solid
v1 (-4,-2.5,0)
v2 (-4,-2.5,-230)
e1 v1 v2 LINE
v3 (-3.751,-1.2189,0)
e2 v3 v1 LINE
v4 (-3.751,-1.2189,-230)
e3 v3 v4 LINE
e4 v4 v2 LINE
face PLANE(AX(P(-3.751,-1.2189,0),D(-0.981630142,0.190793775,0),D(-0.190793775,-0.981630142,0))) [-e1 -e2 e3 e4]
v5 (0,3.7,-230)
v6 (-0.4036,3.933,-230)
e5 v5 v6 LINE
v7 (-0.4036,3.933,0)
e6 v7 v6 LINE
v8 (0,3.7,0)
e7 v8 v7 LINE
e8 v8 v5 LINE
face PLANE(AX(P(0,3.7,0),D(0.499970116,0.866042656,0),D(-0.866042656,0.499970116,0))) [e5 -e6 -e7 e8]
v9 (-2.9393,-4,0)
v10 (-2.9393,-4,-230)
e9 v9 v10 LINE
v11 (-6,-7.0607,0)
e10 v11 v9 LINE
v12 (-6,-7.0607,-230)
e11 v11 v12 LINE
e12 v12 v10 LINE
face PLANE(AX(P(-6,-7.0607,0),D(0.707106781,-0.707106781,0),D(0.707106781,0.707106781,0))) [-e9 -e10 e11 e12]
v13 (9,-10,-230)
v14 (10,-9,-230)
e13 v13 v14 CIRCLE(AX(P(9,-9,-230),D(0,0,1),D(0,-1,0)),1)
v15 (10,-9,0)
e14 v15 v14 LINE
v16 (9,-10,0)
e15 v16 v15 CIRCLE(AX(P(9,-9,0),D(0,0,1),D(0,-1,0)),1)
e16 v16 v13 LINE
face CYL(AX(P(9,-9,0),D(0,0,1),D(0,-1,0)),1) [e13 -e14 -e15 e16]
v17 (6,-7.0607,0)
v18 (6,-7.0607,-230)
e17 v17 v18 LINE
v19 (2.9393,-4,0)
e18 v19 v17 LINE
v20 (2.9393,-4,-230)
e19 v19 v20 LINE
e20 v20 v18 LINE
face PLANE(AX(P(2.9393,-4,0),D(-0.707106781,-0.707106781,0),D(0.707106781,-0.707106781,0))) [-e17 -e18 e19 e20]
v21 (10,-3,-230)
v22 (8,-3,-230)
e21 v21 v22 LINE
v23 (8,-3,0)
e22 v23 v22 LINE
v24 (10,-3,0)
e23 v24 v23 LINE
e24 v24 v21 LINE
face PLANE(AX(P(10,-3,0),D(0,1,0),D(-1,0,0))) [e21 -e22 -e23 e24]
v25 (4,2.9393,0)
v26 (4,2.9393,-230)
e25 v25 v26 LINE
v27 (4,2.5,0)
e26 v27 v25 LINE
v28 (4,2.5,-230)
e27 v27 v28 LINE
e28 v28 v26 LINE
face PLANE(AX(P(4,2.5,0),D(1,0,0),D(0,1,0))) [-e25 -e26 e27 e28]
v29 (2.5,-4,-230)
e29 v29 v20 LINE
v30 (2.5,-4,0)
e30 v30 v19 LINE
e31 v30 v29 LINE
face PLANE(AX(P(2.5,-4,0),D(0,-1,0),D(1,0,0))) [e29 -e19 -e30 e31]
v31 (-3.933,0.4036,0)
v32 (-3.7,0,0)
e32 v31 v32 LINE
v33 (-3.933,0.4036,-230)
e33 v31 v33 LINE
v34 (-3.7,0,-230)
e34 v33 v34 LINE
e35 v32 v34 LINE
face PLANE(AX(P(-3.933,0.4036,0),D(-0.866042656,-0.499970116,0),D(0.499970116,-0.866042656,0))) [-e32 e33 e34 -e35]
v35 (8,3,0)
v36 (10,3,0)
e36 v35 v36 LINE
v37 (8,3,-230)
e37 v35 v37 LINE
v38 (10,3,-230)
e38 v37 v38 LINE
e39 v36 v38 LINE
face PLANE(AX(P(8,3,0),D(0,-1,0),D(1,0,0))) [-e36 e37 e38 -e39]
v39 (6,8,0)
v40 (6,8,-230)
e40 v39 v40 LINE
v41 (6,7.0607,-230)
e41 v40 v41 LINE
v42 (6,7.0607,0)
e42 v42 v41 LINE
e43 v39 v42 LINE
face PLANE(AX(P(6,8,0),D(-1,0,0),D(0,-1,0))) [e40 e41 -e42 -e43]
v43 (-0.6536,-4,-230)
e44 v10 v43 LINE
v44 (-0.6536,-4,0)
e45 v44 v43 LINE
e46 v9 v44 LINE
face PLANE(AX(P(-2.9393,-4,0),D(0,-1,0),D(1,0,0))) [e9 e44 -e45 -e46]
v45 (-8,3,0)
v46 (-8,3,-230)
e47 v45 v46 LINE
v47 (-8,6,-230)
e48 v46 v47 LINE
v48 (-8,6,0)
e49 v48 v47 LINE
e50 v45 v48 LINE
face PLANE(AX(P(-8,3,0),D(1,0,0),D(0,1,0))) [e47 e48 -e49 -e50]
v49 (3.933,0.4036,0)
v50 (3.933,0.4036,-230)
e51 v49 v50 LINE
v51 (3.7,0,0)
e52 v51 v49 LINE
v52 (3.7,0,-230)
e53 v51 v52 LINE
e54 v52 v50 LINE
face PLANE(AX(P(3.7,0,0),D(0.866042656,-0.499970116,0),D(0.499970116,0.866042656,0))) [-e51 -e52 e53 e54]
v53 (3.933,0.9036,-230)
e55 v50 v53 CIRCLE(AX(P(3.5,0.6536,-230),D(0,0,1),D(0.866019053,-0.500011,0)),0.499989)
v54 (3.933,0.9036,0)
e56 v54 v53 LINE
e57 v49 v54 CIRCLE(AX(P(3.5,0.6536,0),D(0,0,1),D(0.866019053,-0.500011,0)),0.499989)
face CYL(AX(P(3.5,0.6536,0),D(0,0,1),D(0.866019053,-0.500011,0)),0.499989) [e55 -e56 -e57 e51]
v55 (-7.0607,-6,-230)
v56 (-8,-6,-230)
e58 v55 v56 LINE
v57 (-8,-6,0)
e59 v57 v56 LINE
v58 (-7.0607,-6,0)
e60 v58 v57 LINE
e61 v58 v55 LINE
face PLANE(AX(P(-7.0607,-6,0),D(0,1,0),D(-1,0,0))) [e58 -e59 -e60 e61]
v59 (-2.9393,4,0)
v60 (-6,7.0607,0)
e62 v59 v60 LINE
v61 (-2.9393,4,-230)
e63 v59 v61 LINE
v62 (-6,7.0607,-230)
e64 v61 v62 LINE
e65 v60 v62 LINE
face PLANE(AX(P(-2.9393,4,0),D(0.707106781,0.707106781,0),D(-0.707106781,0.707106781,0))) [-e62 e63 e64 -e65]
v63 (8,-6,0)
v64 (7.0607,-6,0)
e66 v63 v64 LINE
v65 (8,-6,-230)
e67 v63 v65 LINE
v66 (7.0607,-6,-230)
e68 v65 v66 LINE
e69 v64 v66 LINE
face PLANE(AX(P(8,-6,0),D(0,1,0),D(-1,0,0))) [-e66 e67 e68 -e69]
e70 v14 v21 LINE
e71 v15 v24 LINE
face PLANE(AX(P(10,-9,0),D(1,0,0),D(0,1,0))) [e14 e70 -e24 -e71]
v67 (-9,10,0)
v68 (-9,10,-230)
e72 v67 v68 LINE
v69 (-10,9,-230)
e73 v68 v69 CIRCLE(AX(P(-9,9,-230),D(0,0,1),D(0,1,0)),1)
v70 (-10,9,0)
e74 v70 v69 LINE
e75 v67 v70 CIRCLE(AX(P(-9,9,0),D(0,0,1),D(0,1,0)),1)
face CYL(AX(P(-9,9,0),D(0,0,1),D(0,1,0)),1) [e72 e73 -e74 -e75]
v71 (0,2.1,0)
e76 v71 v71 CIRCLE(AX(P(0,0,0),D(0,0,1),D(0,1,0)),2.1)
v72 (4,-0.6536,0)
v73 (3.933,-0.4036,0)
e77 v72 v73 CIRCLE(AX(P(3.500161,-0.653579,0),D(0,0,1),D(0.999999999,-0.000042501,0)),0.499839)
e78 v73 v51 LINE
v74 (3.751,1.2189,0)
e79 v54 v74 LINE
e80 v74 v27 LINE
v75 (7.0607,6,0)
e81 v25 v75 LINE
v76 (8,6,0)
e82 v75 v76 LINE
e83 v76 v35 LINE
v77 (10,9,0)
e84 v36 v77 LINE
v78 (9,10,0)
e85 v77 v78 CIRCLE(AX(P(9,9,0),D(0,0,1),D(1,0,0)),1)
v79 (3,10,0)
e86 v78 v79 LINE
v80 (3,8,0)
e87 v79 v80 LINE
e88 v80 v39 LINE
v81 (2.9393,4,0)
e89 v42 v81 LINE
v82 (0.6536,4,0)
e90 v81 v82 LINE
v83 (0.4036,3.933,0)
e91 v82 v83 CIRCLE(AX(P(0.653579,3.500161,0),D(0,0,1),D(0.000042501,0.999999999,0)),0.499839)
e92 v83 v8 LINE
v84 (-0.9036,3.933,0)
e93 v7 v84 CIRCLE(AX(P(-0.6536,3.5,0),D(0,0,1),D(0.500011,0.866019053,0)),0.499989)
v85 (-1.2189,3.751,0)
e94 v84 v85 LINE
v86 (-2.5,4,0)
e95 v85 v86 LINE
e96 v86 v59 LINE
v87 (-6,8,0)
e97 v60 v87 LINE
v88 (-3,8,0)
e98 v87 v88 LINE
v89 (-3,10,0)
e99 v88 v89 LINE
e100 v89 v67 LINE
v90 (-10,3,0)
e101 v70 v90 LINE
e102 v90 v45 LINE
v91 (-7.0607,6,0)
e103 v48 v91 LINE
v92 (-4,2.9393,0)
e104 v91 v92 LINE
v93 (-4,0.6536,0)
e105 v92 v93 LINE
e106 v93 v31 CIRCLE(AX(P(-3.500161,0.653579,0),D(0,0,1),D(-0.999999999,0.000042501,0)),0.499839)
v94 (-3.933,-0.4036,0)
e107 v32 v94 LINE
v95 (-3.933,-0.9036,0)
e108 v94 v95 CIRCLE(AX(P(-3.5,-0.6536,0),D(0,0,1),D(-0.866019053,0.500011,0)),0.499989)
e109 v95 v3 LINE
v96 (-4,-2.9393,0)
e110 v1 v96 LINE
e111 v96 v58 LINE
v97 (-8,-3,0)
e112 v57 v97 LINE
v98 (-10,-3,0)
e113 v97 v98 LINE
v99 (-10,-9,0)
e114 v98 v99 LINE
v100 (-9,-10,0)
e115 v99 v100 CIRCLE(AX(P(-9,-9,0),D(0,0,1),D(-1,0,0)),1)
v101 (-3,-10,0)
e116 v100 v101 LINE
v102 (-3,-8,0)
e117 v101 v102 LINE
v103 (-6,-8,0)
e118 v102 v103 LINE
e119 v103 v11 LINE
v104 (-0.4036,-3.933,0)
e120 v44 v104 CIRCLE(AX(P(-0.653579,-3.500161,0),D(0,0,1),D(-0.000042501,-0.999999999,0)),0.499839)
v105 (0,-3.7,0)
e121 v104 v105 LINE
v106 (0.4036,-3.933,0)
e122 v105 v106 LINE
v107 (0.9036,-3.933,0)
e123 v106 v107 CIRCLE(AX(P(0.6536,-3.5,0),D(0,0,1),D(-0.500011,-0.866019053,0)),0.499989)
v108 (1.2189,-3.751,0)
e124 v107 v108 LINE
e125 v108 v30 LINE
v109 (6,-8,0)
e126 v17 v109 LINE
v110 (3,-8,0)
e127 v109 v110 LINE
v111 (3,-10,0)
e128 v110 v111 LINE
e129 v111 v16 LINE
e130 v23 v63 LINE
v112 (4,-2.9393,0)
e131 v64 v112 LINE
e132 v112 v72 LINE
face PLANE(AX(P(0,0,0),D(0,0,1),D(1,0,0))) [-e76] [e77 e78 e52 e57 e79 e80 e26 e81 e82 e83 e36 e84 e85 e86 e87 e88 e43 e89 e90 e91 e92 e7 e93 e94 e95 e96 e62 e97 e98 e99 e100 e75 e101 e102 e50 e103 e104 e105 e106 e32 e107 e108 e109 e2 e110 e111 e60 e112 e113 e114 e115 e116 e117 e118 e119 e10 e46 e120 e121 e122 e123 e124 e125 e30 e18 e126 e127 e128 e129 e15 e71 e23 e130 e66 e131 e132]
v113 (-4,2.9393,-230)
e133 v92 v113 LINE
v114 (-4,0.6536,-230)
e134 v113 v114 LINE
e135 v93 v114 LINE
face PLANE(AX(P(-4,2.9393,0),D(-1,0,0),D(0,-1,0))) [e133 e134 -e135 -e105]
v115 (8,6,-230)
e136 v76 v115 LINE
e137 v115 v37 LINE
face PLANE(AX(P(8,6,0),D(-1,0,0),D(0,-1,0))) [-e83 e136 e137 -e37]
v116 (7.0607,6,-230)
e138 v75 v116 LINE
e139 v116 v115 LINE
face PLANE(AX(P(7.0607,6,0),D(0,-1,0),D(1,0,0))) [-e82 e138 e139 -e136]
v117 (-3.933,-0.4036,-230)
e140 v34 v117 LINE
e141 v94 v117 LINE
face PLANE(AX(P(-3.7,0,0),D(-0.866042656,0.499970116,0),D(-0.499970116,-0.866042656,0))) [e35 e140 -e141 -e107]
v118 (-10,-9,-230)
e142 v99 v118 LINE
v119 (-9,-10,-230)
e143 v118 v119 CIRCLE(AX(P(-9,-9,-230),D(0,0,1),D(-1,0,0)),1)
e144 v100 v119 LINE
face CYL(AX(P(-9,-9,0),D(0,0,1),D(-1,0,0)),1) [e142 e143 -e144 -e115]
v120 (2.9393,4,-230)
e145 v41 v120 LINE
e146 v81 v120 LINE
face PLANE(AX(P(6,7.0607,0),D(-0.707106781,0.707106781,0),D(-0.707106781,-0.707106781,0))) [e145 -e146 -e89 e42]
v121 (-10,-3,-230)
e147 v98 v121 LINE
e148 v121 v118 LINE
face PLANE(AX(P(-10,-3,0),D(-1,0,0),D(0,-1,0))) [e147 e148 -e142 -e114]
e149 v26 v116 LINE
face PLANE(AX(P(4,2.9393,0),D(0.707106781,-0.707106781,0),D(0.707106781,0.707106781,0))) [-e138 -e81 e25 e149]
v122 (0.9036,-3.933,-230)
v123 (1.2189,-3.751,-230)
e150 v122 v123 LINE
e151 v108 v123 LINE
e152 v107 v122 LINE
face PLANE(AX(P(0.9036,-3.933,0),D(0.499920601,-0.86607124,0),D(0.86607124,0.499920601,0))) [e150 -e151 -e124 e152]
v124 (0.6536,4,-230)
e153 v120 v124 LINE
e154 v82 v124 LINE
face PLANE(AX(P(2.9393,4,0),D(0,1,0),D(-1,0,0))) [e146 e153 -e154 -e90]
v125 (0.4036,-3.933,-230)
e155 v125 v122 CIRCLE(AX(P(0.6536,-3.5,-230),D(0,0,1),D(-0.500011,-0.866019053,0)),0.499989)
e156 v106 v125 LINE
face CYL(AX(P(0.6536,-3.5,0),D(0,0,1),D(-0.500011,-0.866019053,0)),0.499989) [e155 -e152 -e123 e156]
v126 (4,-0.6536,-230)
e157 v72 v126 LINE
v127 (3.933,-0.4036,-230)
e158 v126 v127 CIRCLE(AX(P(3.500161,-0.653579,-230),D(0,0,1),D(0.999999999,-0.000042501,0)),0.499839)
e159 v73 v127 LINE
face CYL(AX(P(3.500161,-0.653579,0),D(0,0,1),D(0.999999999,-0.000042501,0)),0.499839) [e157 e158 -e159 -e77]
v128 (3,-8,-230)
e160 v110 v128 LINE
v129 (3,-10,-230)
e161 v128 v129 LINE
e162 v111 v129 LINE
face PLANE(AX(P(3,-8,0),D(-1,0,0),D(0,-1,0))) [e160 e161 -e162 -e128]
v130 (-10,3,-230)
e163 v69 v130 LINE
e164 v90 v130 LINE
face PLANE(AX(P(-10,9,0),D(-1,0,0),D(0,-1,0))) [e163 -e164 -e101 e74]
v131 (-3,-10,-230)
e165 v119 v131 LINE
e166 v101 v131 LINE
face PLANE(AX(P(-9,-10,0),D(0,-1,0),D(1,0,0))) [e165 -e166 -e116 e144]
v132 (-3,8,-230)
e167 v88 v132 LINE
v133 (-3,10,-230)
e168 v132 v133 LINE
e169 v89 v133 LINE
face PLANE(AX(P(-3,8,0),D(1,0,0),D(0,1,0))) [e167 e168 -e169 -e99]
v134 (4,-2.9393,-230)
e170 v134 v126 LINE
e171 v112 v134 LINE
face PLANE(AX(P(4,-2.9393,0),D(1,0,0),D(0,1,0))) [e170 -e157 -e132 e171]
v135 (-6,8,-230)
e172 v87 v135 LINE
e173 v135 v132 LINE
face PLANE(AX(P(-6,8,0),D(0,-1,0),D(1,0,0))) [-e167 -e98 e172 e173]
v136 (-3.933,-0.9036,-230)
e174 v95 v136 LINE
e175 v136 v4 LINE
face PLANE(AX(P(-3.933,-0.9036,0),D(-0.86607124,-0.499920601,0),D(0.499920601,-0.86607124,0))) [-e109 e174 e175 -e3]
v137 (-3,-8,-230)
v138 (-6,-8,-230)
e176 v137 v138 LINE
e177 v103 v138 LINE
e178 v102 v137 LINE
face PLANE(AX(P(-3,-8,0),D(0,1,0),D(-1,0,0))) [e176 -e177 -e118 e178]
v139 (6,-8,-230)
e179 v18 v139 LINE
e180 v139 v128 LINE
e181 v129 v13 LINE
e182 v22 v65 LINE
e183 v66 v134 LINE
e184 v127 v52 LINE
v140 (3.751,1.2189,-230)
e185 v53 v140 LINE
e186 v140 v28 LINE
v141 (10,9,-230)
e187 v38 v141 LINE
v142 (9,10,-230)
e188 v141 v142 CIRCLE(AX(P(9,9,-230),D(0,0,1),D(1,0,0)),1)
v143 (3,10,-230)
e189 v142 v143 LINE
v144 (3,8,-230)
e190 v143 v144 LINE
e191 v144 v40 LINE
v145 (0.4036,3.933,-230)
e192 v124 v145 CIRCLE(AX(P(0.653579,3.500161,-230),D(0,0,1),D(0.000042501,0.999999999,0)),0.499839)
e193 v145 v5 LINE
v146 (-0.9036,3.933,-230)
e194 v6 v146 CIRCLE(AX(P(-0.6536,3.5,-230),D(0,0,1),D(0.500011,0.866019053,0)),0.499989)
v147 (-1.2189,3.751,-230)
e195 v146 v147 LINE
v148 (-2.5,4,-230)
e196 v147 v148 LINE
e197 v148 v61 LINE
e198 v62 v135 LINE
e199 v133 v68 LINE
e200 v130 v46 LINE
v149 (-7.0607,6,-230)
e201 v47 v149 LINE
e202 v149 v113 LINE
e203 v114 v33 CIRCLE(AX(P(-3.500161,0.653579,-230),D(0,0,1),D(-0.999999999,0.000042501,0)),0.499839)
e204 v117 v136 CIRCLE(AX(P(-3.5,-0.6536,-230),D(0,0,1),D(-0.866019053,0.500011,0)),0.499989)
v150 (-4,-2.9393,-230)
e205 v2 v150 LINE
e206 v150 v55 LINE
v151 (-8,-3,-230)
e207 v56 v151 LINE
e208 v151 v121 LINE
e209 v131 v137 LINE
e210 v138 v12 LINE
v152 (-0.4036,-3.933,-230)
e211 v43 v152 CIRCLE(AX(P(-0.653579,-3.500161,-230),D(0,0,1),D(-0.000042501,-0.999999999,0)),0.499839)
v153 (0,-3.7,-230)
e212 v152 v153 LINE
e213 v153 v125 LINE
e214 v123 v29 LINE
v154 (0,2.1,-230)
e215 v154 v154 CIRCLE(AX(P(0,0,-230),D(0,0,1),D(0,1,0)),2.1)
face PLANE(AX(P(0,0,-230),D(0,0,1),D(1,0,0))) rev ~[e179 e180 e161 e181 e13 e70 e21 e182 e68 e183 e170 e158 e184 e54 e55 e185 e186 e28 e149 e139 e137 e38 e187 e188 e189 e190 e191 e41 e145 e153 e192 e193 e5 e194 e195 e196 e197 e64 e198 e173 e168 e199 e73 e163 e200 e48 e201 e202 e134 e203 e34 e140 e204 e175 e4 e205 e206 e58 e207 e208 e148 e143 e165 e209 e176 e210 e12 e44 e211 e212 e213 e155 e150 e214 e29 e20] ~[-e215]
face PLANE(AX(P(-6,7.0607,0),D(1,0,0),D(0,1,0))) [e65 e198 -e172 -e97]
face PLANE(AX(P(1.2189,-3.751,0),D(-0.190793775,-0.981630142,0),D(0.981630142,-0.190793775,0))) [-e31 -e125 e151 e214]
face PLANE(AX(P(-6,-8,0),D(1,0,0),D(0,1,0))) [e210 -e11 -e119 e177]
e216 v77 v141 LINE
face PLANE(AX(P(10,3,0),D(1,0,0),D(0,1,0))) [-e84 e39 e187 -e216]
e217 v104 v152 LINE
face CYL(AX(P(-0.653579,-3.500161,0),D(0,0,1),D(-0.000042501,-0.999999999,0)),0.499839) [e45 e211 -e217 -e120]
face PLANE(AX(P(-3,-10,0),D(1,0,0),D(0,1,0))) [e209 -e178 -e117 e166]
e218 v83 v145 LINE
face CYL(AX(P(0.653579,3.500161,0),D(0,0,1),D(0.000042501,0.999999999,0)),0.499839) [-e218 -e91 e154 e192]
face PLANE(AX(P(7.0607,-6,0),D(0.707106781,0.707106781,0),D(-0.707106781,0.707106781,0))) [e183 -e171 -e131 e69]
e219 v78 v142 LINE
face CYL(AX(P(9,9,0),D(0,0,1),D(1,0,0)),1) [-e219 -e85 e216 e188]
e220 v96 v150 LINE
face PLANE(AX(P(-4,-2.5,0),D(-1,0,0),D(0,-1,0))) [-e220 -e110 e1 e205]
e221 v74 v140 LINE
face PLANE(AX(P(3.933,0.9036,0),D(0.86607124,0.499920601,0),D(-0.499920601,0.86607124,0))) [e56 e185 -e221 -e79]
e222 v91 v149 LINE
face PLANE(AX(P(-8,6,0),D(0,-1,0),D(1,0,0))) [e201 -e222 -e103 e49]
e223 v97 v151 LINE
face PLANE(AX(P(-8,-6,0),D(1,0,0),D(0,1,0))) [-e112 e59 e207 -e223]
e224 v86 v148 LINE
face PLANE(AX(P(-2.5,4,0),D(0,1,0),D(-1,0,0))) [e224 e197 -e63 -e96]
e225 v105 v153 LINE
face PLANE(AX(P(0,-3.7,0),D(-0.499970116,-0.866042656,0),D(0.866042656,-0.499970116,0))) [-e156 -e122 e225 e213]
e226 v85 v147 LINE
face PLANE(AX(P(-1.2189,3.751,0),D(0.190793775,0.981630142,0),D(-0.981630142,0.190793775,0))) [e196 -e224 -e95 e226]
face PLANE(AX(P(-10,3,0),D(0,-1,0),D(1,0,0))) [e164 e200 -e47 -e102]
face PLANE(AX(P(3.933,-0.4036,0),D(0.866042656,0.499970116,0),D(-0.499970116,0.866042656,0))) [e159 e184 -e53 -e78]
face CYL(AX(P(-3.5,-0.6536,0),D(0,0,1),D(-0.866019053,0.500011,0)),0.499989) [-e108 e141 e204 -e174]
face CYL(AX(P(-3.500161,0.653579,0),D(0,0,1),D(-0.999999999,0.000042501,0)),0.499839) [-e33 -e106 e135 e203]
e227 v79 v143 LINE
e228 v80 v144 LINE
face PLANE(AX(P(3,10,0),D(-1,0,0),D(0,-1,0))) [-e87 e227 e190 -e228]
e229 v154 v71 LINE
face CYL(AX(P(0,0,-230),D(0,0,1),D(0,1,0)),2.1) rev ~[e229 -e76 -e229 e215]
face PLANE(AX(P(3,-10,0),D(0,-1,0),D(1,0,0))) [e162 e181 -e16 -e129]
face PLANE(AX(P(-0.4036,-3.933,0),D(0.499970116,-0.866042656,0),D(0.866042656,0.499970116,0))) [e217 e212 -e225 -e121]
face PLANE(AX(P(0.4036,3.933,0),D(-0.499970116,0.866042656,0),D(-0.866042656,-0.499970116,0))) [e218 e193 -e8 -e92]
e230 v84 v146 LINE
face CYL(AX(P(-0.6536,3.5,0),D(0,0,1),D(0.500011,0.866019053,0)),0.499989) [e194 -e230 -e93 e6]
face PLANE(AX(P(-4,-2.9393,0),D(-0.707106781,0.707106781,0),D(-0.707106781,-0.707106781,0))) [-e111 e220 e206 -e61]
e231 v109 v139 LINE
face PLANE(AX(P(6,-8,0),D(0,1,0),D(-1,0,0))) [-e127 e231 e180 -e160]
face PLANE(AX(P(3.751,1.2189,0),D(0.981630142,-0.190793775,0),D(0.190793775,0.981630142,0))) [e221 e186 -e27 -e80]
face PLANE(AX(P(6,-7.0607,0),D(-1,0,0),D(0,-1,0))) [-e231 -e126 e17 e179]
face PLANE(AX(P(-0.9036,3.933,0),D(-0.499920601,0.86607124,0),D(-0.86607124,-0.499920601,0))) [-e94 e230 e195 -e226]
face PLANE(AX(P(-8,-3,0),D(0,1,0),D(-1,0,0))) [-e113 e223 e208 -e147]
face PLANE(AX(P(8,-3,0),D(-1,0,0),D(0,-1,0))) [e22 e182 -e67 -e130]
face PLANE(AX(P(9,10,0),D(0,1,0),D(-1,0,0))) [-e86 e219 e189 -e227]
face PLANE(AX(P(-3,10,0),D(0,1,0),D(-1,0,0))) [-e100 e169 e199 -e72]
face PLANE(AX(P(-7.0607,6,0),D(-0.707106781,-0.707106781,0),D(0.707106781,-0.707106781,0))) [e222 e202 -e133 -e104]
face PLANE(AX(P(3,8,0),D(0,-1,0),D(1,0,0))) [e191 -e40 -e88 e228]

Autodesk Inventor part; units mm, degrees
sketch "Sketch_75" plane through (0, 0, 0) normal (0, 0, 1) x (1, 0, 0)
  line L0 (-10, 3) -> (-8, 3)
  line L1 (-8, 3) -> (-8, 6)
  line L2 (-8, 6) -> (-7.0607, 6)
  line L3 (-7.0607, 6) -> (-4, 2.9393)
  line L4 (-4, 2.9393) -> (-4, 0.6536)
  arc A0 (-4, 0.6536) -> (-3.933, 0.4036) centre (-3.5, 0.6536) ccw
  line L5 (-3.933, 0.4036) -> (-3.7, 0)
  line L6 (-3.7, 0) -> (-3.933, -0.4036)
  arc A1 (-3.933, -0.4036) -> (-3.933, -0.9036) centre (-3.5, -0.6536) ccw
  line L7 (-3.933, -0.9036) -> (-3.751, -1.2189)
  line L8 (-3.751, -1.2189) -> (-4, -2.5)
  line L9 (-4, -2.5) -> (-4, -2.9393)
  line L10 (-4, -2.9393) -> (-7.0607, -6)
  line L11 (-7.0607, -6) -> (-8, -6)
  line L12 (-8, -6) -> (-8, -3)
  line L13 (-8, -3) -> (-10, -3)
  line L14 (-10, -3) -> (-10, -9)
  arc A2 (-10, -9) -> (-9, -10) centre (-9, -9) ccw
  line L15 (-9, -10) -> (-3, -10)
  line L16 (-3, -10) -> (-3, -8)
  line L17 (-3, -8) -> (-6, -8)
  line L18 (-6, -8) -> (-6, -7.0607)
  line L19 (-6, -7.0607) -> (-2.9393, -4)
  line L20 (-2.9393, -4) -> (-0.6536, -4)
  arc A3 (-0.6536, -4) -> (-0.4036, -3.933) centre (-0.6536, -3.5) ccw
  line L21 (-0.4036, -3.933) -> (0, -3.7)
  line L22 (0, -3.7) -> (0.4036, -3.933)
  arc A4 (0.4036, -3.933) -> (0.9036, -3.933) centre (0.6536, -3.5) ccw
  line L23 (0.9036, -3.933) -> (1.2189, -3.751)
  line L24 (1.2189, -3.751) -> (2.5, -4)
  line L25 (2.5, -4) -> (2.9393, -4)
  line L26 (2.9393, -4) -> (6, -7.0607)
  line L27 (6, -7.0607) -> (6, -8)
  line L28 (6, -8) -> (3, -8)
  line L29 (3, -8) -> (3, -10)
  line L30 (3, -10) -> (9, -10)
  arc A5 (9, -10) -> (10, -9) centre (9, -9) ccw
  line L31 (10, -9) -> (10, -3)
  line L32 (10, -3) -> (8, -3)
  line L33 (8, -3) -> (8, -6)
  line L34 (8, -6) -> (7.0607, -6)
  line L35 (7.0607, -6) -> (4, -2.9393)
  line L36 (4, -2.9393) -> (4, -0.6536)
  arc A6 (4, -0.6536) -> (3.933, -0.4036) centre (3.5, -0.6536) ccw
  line L37 (3.933, -0.4036) -> (3.7, 0)
  line L38 (3.7, 0) -> (3.933, 0.4036)
  arc A7 (3.933, 0.4036) -> (3.933, 0.9036) centre (3.5, 0.6536) ccw
  line L39 (3.933, 0.9036) -> (3.751, 1.2189)
  line L40 (3.751, 1.2189) -> (4, 2.5)
  line L41 (4, 2.5) -> (4, 2.9393)
  line L42 (4, 2.9393) -> (7.0607, 6)
  line L43 (7.0607, 6) -> (8, 6)
  line L44 (8, 6) -> (8, 3)
  line L45 (8, 3) -> (10, 3)
  line L46 (10, 3) -> (10, 9)
  arc A8 (10, 9) -> (9, 10) centre (9, 9) ccw
  line L47 (9, 10) -> (3, 10)
  line L48 (3, 10) -> (3, 8)
  line L49 (3, 8) -> (6, 8)
  line L50 (6, 8) -> (6, 7.0607)
  line L51 (6, 7.0607) -> (2.9393, 4)
  line L52 (2.9393, 4) -> (0.6536, 4)
  arc A9 (0.6536, 4) -> (0.4036, 3.933) centre (0.6536, 3.5) ccw
  line L53 (0.4036, 3.933) -> (0, 3.7)
  line L54 (0, 3.7) -> (-0.4036, 3.933)
  arc A10 (-0.4036, 3.933) -> (-0.9036, 3.933) centre (-0.6536, 3.5) ccw
  line L55 (-0.9036, 3.933) -> (-1.2189, 3.751)
  line L56 (-1.2189, 3.751) -> (-2.5, 4)
  line L57 (-2.5, 4) -> (-2.9393, 4)
  line L58 (-2.9393, 4) -> (-6, 7.0607)
  line L59 (-6, 7.0607) -> (-6, 8)
  line L60 (-6, 8) -> (-3, 8)
  line L61 (-3, 8) -> (-3, 10)
  line L62 (-3, 10) -> (-9, 10)
  arc A11 (-9, 10) -> (-10, 9) centre (-9, 9) ccw
  line L63 (-10, 9) -> (-10, 3)
extrude "Extrusion1" add sketch "Sketch_75" against normal blind 230
sketch "Sketch2" plane through (0, 0, -230) normal (0, 0, -1) x (-1, 0, 0)
  point P0 (0, 0)
hole "Hole1" at (0, 0, -230) direction (0, 0, 1) diameter 4.2 depth 230
ref_plane "C1_XY" through (0, 0, 0) normal (0, 0, 1) x (1, 0, 0)
ref_plane "C1_YZ" through (0, 0, 0) normal (1, 0, 0) x (0, 1, 0)
ref_plane "C1_ZX" through (0, 0, 0) normal (0, 1, 0) x (0, 0, 1)
properties part number "NFS5-2020-230"
